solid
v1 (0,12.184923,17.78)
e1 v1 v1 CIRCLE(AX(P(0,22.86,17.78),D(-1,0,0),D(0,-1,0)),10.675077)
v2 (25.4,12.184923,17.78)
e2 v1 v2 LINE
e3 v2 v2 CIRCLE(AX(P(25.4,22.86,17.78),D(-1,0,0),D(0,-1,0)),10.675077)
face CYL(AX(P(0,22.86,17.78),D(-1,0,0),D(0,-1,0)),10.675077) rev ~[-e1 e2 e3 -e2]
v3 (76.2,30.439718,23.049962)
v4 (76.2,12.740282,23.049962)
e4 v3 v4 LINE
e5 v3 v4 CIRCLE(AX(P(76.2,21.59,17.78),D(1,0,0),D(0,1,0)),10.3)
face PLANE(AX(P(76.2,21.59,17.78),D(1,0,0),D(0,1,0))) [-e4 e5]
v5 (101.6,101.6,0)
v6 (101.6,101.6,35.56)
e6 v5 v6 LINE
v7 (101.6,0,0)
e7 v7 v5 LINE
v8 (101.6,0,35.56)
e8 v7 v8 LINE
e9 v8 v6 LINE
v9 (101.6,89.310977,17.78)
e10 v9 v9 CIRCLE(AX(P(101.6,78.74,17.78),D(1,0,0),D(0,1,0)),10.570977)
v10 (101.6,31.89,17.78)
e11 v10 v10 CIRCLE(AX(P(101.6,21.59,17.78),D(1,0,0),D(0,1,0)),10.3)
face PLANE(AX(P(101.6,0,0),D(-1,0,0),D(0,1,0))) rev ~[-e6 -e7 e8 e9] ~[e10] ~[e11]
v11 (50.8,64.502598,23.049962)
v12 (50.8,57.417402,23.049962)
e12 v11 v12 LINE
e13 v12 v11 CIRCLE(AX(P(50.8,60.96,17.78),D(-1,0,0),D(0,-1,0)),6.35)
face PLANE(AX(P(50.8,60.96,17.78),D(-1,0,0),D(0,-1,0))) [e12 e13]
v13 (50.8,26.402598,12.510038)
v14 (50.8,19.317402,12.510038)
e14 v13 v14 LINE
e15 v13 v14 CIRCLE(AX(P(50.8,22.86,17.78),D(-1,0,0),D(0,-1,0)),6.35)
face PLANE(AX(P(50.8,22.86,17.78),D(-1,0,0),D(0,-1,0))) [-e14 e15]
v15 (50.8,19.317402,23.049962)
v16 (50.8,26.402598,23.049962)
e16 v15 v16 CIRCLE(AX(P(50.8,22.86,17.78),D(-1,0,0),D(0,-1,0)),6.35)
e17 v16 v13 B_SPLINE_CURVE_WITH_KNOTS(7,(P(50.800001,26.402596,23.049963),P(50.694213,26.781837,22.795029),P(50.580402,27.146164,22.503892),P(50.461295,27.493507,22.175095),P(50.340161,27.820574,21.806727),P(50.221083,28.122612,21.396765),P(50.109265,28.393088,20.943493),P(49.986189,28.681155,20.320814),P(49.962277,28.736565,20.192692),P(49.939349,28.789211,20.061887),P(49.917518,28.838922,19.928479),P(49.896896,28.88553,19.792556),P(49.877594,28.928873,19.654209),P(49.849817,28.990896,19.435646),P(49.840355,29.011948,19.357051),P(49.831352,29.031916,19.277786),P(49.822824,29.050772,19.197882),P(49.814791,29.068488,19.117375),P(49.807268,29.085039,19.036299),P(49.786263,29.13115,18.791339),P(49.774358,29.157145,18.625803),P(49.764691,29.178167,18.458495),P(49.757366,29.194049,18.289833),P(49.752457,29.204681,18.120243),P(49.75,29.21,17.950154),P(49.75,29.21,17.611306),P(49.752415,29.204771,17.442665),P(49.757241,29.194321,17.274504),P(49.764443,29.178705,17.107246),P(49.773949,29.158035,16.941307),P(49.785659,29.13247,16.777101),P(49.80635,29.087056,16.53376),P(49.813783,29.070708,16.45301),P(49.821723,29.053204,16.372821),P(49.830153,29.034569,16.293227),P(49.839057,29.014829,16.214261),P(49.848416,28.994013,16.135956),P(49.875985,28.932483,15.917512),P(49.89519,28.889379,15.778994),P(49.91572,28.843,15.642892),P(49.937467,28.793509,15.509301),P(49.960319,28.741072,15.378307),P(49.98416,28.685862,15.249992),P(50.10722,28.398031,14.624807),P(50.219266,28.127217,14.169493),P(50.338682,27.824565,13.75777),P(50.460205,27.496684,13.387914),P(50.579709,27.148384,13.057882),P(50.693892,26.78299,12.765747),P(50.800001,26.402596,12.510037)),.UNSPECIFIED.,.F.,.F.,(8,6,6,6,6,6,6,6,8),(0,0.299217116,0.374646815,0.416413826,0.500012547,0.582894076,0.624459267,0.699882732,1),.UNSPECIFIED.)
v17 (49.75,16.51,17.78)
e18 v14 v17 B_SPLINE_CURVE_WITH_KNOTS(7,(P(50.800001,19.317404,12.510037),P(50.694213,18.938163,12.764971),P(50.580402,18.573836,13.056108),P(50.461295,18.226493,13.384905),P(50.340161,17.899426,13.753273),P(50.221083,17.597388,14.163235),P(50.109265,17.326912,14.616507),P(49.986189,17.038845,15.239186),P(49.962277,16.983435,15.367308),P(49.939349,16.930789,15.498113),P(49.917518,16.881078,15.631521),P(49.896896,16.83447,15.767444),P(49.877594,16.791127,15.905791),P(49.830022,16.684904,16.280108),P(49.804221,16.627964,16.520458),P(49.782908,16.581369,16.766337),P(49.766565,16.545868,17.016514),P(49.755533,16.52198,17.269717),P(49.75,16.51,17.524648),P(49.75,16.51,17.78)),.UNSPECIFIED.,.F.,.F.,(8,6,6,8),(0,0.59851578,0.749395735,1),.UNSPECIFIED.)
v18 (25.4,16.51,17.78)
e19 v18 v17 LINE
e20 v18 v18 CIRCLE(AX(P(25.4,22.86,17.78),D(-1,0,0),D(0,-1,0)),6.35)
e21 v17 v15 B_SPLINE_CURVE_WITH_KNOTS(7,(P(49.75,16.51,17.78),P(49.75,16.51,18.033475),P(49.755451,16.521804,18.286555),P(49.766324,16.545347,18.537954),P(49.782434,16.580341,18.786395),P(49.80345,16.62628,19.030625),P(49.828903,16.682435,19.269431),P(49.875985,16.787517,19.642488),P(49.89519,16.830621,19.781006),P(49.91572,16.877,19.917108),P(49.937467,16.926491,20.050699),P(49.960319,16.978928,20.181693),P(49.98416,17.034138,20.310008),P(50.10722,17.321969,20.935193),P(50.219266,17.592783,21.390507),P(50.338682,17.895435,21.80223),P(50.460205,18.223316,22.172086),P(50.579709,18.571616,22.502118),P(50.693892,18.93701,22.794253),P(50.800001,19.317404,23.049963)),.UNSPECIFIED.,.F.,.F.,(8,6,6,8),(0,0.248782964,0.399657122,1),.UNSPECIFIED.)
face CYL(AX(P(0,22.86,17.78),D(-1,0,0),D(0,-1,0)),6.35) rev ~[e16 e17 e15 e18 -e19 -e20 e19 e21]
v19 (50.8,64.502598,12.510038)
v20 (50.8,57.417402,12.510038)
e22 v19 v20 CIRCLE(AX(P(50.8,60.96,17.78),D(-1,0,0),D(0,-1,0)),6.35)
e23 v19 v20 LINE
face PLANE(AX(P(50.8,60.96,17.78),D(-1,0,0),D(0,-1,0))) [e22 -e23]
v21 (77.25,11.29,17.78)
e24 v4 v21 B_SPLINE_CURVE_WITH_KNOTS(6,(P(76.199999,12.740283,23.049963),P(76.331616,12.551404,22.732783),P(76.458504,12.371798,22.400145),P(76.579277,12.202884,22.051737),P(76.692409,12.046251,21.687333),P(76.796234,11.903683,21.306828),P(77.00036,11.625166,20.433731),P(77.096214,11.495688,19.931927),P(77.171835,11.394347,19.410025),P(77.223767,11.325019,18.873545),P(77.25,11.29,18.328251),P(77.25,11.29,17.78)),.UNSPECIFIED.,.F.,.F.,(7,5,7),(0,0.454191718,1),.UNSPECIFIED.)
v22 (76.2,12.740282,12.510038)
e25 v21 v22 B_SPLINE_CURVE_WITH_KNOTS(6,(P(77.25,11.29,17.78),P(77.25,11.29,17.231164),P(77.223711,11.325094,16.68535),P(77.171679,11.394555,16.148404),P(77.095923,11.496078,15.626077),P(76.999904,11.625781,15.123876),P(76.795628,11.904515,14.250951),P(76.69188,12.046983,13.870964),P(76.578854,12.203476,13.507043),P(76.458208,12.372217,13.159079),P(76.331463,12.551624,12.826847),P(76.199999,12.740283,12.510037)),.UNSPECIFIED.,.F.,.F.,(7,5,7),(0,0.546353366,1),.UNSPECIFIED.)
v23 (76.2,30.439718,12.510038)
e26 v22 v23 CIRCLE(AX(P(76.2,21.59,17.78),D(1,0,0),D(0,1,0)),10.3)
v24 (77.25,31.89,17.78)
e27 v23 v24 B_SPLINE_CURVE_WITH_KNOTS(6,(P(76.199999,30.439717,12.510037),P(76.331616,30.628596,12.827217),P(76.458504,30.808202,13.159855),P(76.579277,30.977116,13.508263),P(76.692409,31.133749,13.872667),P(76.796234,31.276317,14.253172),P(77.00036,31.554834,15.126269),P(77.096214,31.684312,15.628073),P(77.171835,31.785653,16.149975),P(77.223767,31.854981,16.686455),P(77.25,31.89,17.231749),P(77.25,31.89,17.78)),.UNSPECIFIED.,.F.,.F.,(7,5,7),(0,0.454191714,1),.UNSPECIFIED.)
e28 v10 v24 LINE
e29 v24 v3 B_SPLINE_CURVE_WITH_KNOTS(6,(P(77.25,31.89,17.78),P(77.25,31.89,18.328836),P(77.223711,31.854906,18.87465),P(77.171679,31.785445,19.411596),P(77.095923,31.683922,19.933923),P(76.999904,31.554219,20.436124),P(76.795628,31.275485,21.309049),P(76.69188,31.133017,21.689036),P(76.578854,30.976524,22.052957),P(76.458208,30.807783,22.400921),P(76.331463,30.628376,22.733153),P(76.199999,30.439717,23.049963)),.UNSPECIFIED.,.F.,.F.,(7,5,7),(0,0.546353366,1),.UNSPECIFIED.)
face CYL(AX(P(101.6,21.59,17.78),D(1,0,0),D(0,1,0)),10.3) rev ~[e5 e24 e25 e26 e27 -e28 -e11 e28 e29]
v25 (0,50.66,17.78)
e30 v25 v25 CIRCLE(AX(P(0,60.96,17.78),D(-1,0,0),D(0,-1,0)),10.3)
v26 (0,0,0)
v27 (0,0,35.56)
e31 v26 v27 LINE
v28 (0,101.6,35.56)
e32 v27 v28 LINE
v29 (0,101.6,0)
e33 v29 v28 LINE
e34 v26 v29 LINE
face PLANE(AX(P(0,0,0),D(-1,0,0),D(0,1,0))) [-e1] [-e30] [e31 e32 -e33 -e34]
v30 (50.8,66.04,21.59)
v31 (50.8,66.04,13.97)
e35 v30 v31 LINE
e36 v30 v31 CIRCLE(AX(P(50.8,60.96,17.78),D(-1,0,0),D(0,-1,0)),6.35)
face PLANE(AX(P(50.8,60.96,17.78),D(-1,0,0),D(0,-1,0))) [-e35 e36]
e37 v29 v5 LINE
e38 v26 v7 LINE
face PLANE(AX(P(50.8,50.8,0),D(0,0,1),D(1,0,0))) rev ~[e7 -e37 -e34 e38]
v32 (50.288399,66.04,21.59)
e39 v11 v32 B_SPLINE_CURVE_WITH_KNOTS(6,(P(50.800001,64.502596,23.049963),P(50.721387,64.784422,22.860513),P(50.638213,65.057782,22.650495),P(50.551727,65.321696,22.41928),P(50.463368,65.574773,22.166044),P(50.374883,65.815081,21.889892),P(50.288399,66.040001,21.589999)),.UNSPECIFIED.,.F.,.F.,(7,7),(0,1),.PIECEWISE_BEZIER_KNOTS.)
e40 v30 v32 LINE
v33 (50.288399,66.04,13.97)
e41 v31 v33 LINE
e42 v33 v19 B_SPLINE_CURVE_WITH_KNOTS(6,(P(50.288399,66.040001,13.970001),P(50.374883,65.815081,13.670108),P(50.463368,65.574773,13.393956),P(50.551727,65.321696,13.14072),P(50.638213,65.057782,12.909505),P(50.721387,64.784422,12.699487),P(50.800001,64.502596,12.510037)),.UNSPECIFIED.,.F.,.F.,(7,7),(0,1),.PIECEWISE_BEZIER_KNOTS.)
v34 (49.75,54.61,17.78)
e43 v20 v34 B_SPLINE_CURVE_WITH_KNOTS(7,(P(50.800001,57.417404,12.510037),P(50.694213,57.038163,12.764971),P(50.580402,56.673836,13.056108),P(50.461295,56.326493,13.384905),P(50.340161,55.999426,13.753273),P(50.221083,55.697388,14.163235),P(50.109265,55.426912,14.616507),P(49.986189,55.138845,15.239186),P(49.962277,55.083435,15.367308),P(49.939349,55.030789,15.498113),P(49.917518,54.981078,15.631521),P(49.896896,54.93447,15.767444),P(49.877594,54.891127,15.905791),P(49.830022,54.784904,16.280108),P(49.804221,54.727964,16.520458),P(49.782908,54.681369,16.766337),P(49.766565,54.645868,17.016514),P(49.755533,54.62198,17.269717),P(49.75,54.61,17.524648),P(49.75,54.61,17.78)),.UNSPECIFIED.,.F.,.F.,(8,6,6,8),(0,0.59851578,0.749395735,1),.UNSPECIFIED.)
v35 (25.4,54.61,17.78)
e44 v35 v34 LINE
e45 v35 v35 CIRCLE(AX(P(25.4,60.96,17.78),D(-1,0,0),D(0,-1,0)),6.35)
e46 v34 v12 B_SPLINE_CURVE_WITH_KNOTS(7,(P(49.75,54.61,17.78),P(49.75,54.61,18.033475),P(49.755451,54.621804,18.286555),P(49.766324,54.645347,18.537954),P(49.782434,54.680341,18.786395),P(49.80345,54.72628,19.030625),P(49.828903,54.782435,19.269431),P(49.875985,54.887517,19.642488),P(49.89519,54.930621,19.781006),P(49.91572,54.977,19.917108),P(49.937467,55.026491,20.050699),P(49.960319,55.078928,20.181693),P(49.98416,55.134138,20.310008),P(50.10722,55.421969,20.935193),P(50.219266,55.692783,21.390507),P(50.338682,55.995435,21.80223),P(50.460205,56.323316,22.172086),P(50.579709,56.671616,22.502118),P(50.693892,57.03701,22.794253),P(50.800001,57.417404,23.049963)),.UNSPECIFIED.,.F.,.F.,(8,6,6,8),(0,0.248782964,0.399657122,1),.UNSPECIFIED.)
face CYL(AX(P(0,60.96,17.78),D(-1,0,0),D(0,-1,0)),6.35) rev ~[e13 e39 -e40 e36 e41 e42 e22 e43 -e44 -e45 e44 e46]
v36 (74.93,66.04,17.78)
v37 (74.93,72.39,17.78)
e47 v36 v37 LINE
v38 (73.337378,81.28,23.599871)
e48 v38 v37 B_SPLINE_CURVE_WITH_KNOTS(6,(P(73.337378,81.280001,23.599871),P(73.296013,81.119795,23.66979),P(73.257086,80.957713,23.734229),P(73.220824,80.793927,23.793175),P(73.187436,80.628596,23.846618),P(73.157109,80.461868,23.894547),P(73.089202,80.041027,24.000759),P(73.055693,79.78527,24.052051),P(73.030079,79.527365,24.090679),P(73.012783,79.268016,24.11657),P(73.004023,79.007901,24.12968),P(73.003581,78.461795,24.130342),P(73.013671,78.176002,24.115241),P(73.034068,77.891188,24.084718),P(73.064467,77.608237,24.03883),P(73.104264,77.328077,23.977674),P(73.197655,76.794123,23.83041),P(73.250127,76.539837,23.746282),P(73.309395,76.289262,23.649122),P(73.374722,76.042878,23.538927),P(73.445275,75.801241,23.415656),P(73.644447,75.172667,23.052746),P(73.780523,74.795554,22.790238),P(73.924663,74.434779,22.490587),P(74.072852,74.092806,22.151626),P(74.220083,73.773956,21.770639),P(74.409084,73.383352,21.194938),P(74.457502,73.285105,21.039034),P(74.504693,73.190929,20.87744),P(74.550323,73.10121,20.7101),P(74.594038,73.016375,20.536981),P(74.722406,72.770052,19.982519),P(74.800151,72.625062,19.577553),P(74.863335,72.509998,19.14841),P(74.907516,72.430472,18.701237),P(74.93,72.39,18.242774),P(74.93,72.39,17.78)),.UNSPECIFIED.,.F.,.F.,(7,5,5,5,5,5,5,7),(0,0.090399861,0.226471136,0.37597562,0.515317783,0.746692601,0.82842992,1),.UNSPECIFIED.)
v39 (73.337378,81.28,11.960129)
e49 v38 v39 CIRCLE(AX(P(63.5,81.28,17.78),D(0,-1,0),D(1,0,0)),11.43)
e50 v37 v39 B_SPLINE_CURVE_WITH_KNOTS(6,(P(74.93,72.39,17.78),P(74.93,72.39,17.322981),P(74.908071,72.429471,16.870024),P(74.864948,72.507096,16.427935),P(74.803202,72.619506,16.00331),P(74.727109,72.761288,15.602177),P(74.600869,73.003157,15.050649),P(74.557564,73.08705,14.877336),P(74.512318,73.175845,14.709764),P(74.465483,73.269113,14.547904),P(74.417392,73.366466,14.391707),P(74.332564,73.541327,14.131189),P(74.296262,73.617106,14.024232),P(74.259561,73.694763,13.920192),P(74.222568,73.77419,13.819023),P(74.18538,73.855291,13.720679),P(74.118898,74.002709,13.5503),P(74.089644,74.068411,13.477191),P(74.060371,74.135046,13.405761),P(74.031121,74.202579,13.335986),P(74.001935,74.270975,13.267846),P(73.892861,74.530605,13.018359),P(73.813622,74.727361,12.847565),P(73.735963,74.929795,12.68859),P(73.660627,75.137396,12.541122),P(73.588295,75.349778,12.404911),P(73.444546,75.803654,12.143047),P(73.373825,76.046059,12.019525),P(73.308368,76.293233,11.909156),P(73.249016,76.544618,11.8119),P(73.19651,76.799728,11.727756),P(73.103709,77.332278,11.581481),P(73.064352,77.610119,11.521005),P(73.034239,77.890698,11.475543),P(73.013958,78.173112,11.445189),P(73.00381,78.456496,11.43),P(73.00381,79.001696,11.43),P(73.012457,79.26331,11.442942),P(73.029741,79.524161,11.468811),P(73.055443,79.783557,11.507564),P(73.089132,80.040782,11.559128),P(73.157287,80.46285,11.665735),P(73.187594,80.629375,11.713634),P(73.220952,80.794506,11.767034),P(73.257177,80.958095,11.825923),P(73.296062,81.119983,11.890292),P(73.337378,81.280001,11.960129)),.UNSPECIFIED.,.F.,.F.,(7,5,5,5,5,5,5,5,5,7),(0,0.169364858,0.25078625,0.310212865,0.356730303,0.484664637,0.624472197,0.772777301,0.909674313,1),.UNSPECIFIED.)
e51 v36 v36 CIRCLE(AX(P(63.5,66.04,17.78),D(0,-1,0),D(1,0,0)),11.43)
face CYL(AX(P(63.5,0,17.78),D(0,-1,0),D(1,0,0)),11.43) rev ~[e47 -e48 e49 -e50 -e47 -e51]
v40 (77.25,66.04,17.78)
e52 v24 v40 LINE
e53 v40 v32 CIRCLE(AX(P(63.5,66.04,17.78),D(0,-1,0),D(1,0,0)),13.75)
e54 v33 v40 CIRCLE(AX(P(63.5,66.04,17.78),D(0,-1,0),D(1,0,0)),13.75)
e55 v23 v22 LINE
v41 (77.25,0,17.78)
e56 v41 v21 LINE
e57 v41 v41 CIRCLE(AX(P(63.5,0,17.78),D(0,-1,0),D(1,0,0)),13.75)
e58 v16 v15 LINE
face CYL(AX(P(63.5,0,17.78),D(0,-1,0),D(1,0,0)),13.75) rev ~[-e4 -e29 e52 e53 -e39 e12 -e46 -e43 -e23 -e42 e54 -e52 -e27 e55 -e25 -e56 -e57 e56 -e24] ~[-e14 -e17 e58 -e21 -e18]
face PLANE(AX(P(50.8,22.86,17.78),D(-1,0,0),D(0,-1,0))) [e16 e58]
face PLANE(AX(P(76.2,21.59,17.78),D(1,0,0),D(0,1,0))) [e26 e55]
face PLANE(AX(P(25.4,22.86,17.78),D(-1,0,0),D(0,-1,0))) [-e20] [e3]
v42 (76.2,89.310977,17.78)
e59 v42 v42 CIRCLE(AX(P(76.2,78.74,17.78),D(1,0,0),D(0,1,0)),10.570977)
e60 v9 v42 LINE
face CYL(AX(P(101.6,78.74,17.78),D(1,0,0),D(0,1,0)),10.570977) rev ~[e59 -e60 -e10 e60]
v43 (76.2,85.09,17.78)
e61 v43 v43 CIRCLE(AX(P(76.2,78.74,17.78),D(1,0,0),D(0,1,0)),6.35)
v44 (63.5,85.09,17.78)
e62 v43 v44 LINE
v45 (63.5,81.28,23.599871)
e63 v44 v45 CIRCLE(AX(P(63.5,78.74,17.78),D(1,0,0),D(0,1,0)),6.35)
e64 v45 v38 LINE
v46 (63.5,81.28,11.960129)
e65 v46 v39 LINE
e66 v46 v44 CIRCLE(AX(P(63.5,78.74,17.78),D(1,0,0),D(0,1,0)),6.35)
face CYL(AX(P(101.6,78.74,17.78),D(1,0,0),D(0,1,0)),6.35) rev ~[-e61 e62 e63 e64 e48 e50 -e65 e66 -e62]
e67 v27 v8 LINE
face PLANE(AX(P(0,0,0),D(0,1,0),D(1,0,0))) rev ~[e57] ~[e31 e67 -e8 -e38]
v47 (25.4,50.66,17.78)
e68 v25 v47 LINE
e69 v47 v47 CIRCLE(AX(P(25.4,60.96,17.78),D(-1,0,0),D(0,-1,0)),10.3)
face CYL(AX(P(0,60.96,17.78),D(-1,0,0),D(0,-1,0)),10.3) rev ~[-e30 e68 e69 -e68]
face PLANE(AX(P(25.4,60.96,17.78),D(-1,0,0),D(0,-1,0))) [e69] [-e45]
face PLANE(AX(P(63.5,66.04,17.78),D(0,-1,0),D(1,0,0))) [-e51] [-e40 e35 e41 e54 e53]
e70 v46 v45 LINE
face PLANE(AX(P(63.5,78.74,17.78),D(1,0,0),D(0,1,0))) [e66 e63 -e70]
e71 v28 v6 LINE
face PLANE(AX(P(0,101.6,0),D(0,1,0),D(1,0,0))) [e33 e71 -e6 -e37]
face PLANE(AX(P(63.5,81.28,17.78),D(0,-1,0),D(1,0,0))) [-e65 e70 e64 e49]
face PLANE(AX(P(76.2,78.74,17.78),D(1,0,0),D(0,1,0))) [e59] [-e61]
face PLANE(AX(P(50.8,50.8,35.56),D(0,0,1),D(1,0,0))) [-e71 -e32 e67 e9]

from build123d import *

# Parameters (mm, degrees)
F0_W      = 101.6
F0_H      = 101.6
F1_DEPTH  = 35.56
F2_R      = 13.75
F2_R_2    = 11.43
F5_DEPTH  = 66.04
F6_DEPTH  = 81.28
F4_R      = 10.3
F4_R_2    = 10.570977
F4_R_3    = 6.35
F7_DEPTH  = 25.4
F3_R      = 6.35
F8_DEPTH  = 50.8
F3_R_2    = 10.3
F3_R_3    = 10.675077
F9_DEPTH  = 25.4
F10_DEPTH = 38.1


with BuildPart() as f1:
    # F0 (on Top) → F1 (new body)
    with BuildSketch(Plane.XY):
        with Locations((50.8, 50.8)):
            Rectangle(F0_W, F0_H)
    extrude(amount=F1_DEPTH)

    # F2 (on face) → F5 (cut)
    with BuildSketch(Plane.XZ):
        with Locations((63.5, 17.78)):
            Circle(F2_R)
        with Locations((63.5, 17.78)):
            Circle(F2_R_2, mode=Mode.SUBTRACT)
        with Locations((63.5, 17.78)):
            Circle(F2_R_2)
    extrude(amount=-F5_DEPTH, mode=Mode.SUBTRACT)

    # F2 (on face) → F6 (cut)
    with BuildSketch(Plane.XZ):
        with Locations((63.5, 17.78)):
            Circle(F2_R_2)
    extrude(amount=-F6_DEPTH, mode=Mode.SUBTRACT)

    # F4 (on face) → F7 (cut)
    with BuildSketch(Plane.YZ.offset(101.6)):
        with Locations((21.59, 17.78)):
            Circle(F4_R)
        with Locations((78.74, 17.78)):
            Circle(F4_R_2)
        with Locations((78.74, 17.78)):
            Circle(F4_R_3, mode=Mode.SUBTRACT)
    extrude(amount=-F7_DEPTH, mode=Mode.SUBTRACT)

    # F3 (on face) → F8 (cut)
    with BuildSketch(Plane(origin=(0, 0, 0), x_dir=(0, -1, 0), z_dir=(-1, 0, 0))):
        with Locations((-60.96, 17.78)):
            Circle(F3_R)
        with Locations((-22.86, 17.78)):
            Circle(F3_R)
    extrude(amount=-F8_DEPTH, mode=Mode.SUBTRACT)

    # F3 (on face) → F9 (cut)
    with BuildSketch(Plane(origin=(0, 0, 0), x_dir=(0, -1, 0), z_dir=(-1, 0, 0))):
        with Locations((-60.96, 17.78)):
            Circle(F3_R_2)
        with Locations((-60.96, 17.78)):
            Circle(F3_R, mode=Mode.SUBTRACT)
        with Locations((-22.86, 17.78)):
            Circle(F3_R_3)
        with Locations((-22.86, 17.78)):
            Circle(F3_R, mode=Mode.SUBTRACT)
    extrude(amount=-F9_DEPTH, mode=Mode.SUBTRACT)

    # F4 (on face) → F10 (cut)
    with BuildSketch(Plane.YZ.offset(101.6)):
        with Locations((78.74, 17.78)):
            Circle(F4_R_3)
    extrude(amount=-F10_DEPTH, mode=Mode.SUBTRACT)


solid = f1.part
